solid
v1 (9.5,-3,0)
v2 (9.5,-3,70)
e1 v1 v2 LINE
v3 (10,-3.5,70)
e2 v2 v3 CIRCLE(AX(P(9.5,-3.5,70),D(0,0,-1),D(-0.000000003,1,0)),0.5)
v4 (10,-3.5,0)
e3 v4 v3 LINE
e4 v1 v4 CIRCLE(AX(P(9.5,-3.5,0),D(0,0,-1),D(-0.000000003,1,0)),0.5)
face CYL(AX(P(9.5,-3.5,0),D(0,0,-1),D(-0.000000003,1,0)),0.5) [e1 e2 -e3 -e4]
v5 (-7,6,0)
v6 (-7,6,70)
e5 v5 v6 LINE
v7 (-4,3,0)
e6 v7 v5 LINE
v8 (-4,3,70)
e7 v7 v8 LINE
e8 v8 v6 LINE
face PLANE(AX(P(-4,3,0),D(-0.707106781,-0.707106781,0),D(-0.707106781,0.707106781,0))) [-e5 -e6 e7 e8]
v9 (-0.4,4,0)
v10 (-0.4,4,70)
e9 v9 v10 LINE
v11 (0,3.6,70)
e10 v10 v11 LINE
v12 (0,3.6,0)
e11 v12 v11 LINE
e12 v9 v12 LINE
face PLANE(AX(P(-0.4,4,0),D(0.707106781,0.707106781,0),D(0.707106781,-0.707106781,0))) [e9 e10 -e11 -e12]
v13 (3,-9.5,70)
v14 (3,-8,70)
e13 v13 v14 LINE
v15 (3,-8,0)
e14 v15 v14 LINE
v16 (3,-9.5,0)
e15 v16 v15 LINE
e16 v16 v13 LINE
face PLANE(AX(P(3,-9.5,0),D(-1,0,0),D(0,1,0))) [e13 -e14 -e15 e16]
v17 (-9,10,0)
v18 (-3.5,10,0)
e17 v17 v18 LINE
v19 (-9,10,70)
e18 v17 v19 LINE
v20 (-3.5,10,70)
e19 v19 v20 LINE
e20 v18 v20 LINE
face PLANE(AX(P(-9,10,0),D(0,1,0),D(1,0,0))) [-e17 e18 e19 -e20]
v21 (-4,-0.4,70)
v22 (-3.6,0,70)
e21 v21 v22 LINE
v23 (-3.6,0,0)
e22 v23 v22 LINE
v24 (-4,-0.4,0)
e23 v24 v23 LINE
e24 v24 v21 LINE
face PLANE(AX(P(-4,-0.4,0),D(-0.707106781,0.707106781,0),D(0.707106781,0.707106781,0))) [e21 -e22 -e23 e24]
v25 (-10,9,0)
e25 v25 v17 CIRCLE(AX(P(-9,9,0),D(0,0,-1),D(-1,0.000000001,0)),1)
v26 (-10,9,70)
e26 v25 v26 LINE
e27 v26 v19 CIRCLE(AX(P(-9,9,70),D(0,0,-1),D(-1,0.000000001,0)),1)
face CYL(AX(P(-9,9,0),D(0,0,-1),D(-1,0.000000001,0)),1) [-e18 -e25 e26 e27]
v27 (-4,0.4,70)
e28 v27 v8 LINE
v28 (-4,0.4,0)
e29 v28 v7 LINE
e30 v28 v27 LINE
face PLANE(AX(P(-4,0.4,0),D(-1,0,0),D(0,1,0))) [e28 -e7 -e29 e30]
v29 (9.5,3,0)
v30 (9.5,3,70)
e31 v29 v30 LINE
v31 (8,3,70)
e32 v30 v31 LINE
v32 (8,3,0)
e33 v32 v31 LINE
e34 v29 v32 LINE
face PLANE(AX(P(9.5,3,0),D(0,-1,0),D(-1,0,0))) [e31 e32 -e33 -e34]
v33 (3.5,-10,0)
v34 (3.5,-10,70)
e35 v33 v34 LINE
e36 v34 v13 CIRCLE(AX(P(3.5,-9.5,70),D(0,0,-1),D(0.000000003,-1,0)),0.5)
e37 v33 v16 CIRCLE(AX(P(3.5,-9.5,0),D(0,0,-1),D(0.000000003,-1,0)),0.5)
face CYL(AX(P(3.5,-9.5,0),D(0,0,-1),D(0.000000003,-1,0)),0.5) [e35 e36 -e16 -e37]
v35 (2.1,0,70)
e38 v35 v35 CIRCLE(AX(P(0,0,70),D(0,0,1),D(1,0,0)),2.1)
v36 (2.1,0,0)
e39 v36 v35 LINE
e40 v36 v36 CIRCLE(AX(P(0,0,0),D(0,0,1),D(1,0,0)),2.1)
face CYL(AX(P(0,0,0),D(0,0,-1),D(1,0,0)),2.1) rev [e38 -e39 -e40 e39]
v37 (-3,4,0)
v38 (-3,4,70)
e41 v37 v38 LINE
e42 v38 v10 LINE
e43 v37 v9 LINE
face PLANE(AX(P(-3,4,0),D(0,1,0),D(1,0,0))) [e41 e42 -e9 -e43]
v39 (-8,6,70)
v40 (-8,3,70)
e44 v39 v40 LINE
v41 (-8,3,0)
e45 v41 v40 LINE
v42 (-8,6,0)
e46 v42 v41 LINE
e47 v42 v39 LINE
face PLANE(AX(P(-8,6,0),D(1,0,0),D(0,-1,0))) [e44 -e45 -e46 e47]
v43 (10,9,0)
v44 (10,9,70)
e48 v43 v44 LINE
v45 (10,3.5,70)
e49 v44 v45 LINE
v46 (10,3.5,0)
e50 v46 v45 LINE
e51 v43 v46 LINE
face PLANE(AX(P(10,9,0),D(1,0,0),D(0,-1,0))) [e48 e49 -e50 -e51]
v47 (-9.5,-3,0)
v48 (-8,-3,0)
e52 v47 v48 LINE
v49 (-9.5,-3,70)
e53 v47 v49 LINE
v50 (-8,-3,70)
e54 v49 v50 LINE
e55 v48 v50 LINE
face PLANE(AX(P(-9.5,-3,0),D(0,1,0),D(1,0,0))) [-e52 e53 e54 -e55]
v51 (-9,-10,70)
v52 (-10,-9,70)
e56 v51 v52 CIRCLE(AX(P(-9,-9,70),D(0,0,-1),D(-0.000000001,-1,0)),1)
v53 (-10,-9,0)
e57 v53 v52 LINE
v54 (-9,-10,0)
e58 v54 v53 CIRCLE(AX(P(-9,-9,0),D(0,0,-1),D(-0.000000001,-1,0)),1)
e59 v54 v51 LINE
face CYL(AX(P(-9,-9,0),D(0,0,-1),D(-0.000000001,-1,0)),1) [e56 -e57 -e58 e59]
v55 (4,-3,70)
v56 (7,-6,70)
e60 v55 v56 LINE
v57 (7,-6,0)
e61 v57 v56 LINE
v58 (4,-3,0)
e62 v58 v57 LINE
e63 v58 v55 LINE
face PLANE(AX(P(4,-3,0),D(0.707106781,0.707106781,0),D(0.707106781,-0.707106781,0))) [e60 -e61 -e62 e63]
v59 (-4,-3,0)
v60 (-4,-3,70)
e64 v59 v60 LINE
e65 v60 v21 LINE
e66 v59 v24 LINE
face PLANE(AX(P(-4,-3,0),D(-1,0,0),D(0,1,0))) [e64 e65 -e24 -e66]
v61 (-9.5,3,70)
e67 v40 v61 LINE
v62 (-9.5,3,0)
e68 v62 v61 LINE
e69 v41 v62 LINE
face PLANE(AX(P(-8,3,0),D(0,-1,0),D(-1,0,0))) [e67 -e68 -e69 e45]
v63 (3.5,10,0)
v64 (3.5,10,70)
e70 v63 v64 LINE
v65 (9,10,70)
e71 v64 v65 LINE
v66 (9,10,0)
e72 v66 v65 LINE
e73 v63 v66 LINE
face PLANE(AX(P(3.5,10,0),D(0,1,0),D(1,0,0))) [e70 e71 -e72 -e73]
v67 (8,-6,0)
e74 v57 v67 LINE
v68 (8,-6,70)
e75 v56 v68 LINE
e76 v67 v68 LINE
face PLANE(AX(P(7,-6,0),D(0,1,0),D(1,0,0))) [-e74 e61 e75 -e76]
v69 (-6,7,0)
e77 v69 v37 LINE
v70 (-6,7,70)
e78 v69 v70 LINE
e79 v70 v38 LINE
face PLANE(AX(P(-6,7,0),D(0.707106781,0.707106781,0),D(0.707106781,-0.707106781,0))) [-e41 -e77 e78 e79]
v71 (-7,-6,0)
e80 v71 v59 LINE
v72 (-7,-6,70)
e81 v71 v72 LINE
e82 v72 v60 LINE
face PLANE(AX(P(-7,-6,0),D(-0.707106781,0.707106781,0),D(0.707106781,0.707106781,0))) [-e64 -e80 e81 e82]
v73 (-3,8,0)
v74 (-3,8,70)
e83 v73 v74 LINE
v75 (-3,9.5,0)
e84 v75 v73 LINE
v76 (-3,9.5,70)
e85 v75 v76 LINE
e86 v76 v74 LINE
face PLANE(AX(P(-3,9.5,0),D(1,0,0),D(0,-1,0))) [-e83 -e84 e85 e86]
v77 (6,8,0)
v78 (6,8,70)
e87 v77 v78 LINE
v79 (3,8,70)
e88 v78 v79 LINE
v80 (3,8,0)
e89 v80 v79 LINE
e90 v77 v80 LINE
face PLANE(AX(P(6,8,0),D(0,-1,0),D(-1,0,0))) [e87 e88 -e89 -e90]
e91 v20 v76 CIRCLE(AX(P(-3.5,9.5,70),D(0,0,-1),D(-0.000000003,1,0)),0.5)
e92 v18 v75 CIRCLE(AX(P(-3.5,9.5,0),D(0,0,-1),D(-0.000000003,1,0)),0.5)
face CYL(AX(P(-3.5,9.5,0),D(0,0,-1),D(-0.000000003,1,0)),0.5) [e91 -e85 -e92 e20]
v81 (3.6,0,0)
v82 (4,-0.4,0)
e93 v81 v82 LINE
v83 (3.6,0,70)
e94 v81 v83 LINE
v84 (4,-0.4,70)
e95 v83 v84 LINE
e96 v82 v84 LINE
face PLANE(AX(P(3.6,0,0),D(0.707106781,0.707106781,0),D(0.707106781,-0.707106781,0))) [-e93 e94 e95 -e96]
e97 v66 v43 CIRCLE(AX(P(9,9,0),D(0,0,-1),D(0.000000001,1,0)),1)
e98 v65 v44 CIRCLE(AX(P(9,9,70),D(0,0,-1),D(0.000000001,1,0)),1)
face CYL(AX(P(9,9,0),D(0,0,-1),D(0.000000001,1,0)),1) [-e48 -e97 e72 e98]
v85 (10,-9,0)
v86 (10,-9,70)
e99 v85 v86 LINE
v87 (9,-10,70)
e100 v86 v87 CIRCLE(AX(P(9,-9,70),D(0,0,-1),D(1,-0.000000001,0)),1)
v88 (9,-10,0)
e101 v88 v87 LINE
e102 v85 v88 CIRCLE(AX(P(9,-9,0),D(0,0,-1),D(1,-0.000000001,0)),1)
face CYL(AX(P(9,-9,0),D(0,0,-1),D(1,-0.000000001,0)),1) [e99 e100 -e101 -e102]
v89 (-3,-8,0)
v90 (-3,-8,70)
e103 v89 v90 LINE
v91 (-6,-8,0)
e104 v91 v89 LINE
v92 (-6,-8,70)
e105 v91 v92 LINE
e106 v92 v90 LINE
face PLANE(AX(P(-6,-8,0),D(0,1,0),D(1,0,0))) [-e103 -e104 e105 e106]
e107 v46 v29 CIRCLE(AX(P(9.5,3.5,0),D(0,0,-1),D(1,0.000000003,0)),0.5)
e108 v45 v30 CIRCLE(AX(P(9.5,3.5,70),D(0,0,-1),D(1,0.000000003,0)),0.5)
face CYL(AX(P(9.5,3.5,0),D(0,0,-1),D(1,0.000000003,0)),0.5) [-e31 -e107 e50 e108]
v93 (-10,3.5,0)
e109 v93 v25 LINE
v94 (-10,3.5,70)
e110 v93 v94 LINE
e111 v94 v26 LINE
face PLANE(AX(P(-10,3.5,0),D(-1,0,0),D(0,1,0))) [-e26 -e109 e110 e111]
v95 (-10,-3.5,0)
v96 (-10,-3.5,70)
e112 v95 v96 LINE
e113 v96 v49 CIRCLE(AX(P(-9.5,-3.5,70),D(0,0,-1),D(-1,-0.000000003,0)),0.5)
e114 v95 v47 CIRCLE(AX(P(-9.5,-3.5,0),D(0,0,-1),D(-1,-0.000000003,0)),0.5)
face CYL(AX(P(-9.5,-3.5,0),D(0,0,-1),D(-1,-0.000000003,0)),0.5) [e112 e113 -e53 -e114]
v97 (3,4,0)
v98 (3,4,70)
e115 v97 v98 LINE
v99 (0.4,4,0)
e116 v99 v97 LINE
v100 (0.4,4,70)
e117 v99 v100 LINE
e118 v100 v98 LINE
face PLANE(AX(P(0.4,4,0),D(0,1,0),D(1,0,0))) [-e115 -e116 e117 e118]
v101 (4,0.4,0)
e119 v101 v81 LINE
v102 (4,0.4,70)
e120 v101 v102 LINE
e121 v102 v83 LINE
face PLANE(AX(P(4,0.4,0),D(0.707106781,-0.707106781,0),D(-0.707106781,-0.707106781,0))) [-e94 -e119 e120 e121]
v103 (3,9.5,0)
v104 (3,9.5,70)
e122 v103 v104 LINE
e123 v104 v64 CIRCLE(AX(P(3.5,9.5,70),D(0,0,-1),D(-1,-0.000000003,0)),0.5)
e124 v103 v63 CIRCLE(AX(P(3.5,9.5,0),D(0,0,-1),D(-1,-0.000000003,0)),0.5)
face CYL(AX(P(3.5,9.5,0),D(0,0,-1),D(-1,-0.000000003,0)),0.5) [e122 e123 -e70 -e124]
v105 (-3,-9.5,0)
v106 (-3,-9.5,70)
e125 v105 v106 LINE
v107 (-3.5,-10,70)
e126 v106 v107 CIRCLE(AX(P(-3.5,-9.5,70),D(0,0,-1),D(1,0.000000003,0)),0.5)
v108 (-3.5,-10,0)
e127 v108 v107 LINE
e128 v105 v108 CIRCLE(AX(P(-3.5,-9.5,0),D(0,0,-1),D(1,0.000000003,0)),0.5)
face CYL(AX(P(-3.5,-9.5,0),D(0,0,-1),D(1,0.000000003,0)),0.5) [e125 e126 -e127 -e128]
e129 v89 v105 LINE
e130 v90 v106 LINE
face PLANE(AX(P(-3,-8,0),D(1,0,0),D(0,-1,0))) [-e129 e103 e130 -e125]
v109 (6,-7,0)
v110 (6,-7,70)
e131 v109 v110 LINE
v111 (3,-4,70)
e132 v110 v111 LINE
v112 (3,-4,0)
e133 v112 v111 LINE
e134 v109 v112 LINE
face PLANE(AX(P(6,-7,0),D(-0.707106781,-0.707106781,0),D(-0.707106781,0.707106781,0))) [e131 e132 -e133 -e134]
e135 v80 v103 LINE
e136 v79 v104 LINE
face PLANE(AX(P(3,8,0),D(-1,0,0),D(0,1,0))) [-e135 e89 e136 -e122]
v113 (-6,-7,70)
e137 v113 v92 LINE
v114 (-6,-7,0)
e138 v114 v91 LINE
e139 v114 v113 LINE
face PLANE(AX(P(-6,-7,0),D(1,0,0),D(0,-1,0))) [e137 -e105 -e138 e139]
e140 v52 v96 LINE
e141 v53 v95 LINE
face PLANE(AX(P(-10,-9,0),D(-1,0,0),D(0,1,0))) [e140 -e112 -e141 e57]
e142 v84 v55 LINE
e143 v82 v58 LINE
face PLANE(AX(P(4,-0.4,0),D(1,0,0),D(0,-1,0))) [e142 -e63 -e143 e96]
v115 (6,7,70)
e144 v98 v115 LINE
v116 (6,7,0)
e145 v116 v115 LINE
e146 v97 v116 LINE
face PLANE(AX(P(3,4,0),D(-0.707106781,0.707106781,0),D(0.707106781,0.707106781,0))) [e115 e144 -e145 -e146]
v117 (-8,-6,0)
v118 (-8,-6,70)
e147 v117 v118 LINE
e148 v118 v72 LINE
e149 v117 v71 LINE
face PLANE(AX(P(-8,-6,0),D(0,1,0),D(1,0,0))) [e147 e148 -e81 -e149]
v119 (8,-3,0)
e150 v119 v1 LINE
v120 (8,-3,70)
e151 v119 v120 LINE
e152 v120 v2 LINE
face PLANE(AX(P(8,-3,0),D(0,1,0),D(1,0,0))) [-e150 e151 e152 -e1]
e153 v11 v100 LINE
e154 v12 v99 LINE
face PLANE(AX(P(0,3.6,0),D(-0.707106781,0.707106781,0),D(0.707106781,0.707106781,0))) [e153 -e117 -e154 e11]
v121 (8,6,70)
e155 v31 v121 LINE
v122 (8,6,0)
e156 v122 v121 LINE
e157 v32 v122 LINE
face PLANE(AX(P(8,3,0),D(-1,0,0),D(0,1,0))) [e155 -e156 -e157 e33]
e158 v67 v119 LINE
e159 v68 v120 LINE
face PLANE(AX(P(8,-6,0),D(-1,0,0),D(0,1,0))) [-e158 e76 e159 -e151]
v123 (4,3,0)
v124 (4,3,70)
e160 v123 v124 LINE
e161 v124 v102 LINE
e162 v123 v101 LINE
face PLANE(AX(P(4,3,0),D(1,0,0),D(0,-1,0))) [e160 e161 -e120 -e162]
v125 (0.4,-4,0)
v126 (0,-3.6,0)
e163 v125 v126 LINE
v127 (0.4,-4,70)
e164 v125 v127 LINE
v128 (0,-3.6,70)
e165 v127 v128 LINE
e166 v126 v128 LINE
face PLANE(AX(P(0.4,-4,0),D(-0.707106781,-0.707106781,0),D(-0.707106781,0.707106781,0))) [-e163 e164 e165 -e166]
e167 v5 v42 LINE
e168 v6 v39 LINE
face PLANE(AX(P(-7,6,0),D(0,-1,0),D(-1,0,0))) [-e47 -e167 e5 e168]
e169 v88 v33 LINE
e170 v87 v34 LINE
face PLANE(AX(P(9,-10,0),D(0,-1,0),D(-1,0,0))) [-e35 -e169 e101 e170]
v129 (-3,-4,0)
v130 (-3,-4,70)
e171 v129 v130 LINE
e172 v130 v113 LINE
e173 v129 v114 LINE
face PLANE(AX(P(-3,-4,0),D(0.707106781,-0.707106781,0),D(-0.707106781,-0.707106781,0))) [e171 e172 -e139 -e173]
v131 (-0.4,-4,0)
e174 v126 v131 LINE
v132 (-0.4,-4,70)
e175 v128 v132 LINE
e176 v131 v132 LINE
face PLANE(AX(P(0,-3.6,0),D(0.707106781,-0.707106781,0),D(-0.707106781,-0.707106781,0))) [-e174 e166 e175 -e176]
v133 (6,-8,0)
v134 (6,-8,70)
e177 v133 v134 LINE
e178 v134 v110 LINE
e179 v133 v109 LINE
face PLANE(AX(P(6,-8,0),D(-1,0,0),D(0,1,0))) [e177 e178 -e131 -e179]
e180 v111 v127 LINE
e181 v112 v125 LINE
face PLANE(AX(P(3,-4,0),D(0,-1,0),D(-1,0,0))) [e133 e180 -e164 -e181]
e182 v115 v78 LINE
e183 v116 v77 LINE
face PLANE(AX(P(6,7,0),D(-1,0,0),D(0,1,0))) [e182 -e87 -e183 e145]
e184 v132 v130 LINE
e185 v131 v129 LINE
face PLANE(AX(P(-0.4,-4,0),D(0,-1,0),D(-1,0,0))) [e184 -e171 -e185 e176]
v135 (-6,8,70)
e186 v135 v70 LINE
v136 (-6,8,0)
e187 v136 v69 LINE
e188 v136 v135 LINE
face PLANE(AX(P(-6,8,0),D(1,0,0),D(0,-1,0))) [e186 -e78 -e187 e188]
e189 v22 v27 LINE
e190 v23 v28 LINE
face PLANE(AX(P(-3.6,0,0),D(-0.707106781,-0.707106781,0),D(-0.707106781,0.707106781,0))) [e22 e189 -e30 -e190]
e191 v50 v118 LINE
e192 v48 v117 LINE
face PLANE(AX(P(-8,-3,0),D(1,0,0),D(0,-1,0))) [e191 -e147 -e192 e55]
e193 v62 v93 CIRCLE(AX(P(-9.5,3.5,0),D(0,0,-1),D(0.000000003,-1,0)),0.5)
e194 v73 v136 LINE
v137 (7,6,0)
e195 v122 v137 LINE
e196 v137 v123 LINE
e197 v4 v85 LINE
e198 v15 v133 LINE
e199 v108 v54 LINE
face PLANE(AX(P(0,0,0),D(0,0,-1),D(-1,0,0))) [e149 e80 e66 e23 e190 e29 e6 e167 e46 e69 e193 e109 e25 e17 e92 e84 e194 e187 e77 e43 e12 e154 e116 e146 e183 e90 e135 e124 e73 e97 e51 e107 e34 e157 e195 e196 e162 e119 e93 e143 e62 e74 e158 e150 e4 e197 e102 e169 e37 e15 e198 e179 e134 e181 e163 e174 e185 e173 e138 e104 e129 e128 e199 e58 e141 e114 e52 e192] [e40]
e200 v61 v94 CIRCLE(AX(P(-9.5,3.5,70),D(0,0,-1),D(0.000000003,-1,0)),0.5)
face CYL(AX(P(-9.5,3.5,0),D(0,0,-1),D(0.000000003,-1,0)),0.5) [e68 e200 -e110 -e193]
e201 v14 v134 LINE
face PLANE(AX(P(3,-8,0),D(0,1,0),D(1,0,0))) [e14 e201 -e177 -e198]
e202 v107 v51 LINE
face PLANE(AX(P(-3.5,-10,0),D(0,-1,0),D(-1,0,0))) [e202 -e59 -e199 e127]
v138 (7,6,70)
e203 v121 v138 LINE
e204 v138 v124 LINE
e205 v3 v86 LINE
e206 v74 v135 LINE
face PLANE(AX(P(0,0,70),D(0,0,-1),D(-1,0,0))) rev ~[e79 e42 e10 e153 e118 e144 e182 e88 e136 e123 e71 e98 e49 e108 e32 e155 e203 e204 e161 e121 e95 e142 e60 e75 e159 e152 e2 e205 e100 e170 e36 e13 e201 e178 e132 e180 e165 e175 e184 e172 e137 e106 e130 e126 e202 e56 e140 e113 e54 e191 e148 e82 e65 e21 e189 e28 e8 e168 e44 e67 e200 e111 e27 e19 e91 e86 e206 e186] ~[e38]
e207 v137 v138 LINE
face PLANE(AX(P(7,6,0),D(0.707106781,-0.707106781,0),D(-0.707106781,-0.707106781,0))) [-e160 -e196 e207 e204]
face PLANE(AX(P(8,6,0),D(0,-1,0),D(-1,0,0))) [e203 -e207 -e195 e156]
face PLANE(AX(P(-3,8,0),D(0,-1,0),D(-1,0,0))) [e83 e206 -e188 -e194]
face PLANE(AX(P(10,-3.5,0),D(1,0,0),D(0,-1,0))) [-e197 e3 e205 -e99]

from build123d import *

# Parameters (mm, degrees)
SCHIZZO1_R                   = 2.1
ESTRUSIONE_ESTRUSIONE1_DEPTH = 70


with BuildPart() as part:
    # Schizzo1 → Estrusione-Estrusione1 (new body)
    with BuildSketch(Plane.XY):
        with BuildLine():
            Line((-3.6, 0), (-4, 0.4))
            Line((-4, 0.4), (-4, 3))
            Line((-4, 3), (-7, 6))
            Line((-7, 6), (-8, 6))
            Line((-8, 6), (-8, 3))
            Line((-8, 3), (-9.5, 3))
            ThreePointArc((-9.5, 3), (-9.853553391, 3.146446609), (-10, 3.5))
            Line((-10, 3.5), (-10, 9))
            ThreePointArc((-10, 9), (-9.707106781, 9.707106781), (-9, 10))
            Line((-9, 10), (-3.5, 10))
            ThreePointArc((-3.5, 10), (-3.146446609, 9.853553391), (-3, 9.5))
            Line((-3, 9.5), (-3, 8))
            Line((-3, 8), (-6, 8))
            Line((-6, 8), (-6, 7))
            Line((-6, 7), (-3, 4))
            Line((-3, 4), (-0.4, 4))
            Line((-0.4, 4), (0, 3.6))
            Line((0, 3.6), (0.4, 4))
            Line((0.4, 4), (3, 4))
            Line((3, 4), (6, 7))
            Line((6, 7), (6, 8))
            Line((6, 8), (3, 8))
            Line((3, 8), (3, 9.5))
            ThreePointArc((3, 9.5), (3.146446609, 9.853553391), (3.5, 10))
            Line((3.5, 10), (9, 10))
            ThreePointArc((9, 10), (9.707106781, 9.707106781), (10, 9))
            Line((10, 9), (10, 3.5))
            ThreePointArc((10, 3.5), (9.853553391, 3.146446609), (9.5, 3))
            Line((9.5, 3), (8, 3))
            Line((8, 3), (8, 6))
            Line((8, 6), (7, 6))
            Line((7, 6), (4, 3))
            Line((4, 3), (4, 0.4))
            Line((4, 0.4), (3.6, 0))
            Line((3.6, 0), (4, -0.4))
            Line((4, -0.4), (4, -3))
            Line((4, -3), (7, -6))
            Line((7, -6), (8, -6))
            Line((8, -6), (8, -3))
            Line((8, -3), (9.5, -3))
            ThreePointArc((9.5, -3), (9.853553391, -3.146446609), (10, -3.5))
            Line((10, -3.5), (10, -9))
            ThreePointArc((10, -9), (9.707106781, -9.707106781), (9, -10))
            Line((9, -10), (3.5, -10))
            ThreePointArc((3.5, -10), (3.146446609, -9.853553391), (3, -9.5))
            Line((3, -9.5), (3, -8))
            Line((3, -8), (6, -8))
            Line((6, -8), (6, -7))
            Line((6, -7), (3, -4))
            Line((3, -4), (0.4, -4))
            Line((0.4, -4), (0, -3.6))
            Line((0, -3.6), (-0.4, -4))
            Line((-0.4, -4), (-3, -4))
            Line((-3, -4), (-6, -7))
            Line((-6, -7), (-6, -8))
            Line((-6, -8), (-3, -8))
            Line((-3, -8), (-3, -9.5))
            ThreePointArc((-3, -9.5), (-3.146446609, -9.853553391), (-3.5, -10))
            Line((-3.5, -10), (-9, -10))
            ThreePointArc((-9, -10), (-9.707106781, -9.707106781), (-10, -9))
            Line((-10, -9), (-10, -3.5))
            ThreePointArc((-10, -3.5), (-9.853553391, -3.146446609), (-9.5, -3))
            Line((-9.5, -3), (-8, -3))
            Line((-8, -3), (-8, -6))
            Line((-8, -6), (-7, -6))
            Line((-7, -6), (-4, -3))
            Line((-4, -3), (-4, -0.4))
            Line((-4, -0.4), (-3.6, 0))
        make_face()
        Circle(SCHIZZO1_R, mode=Mode.SUBTRACT)
    extrude(amount=ESTRUSIONE_ESTRUSIONE1_DEPTH)


solid = part.part
